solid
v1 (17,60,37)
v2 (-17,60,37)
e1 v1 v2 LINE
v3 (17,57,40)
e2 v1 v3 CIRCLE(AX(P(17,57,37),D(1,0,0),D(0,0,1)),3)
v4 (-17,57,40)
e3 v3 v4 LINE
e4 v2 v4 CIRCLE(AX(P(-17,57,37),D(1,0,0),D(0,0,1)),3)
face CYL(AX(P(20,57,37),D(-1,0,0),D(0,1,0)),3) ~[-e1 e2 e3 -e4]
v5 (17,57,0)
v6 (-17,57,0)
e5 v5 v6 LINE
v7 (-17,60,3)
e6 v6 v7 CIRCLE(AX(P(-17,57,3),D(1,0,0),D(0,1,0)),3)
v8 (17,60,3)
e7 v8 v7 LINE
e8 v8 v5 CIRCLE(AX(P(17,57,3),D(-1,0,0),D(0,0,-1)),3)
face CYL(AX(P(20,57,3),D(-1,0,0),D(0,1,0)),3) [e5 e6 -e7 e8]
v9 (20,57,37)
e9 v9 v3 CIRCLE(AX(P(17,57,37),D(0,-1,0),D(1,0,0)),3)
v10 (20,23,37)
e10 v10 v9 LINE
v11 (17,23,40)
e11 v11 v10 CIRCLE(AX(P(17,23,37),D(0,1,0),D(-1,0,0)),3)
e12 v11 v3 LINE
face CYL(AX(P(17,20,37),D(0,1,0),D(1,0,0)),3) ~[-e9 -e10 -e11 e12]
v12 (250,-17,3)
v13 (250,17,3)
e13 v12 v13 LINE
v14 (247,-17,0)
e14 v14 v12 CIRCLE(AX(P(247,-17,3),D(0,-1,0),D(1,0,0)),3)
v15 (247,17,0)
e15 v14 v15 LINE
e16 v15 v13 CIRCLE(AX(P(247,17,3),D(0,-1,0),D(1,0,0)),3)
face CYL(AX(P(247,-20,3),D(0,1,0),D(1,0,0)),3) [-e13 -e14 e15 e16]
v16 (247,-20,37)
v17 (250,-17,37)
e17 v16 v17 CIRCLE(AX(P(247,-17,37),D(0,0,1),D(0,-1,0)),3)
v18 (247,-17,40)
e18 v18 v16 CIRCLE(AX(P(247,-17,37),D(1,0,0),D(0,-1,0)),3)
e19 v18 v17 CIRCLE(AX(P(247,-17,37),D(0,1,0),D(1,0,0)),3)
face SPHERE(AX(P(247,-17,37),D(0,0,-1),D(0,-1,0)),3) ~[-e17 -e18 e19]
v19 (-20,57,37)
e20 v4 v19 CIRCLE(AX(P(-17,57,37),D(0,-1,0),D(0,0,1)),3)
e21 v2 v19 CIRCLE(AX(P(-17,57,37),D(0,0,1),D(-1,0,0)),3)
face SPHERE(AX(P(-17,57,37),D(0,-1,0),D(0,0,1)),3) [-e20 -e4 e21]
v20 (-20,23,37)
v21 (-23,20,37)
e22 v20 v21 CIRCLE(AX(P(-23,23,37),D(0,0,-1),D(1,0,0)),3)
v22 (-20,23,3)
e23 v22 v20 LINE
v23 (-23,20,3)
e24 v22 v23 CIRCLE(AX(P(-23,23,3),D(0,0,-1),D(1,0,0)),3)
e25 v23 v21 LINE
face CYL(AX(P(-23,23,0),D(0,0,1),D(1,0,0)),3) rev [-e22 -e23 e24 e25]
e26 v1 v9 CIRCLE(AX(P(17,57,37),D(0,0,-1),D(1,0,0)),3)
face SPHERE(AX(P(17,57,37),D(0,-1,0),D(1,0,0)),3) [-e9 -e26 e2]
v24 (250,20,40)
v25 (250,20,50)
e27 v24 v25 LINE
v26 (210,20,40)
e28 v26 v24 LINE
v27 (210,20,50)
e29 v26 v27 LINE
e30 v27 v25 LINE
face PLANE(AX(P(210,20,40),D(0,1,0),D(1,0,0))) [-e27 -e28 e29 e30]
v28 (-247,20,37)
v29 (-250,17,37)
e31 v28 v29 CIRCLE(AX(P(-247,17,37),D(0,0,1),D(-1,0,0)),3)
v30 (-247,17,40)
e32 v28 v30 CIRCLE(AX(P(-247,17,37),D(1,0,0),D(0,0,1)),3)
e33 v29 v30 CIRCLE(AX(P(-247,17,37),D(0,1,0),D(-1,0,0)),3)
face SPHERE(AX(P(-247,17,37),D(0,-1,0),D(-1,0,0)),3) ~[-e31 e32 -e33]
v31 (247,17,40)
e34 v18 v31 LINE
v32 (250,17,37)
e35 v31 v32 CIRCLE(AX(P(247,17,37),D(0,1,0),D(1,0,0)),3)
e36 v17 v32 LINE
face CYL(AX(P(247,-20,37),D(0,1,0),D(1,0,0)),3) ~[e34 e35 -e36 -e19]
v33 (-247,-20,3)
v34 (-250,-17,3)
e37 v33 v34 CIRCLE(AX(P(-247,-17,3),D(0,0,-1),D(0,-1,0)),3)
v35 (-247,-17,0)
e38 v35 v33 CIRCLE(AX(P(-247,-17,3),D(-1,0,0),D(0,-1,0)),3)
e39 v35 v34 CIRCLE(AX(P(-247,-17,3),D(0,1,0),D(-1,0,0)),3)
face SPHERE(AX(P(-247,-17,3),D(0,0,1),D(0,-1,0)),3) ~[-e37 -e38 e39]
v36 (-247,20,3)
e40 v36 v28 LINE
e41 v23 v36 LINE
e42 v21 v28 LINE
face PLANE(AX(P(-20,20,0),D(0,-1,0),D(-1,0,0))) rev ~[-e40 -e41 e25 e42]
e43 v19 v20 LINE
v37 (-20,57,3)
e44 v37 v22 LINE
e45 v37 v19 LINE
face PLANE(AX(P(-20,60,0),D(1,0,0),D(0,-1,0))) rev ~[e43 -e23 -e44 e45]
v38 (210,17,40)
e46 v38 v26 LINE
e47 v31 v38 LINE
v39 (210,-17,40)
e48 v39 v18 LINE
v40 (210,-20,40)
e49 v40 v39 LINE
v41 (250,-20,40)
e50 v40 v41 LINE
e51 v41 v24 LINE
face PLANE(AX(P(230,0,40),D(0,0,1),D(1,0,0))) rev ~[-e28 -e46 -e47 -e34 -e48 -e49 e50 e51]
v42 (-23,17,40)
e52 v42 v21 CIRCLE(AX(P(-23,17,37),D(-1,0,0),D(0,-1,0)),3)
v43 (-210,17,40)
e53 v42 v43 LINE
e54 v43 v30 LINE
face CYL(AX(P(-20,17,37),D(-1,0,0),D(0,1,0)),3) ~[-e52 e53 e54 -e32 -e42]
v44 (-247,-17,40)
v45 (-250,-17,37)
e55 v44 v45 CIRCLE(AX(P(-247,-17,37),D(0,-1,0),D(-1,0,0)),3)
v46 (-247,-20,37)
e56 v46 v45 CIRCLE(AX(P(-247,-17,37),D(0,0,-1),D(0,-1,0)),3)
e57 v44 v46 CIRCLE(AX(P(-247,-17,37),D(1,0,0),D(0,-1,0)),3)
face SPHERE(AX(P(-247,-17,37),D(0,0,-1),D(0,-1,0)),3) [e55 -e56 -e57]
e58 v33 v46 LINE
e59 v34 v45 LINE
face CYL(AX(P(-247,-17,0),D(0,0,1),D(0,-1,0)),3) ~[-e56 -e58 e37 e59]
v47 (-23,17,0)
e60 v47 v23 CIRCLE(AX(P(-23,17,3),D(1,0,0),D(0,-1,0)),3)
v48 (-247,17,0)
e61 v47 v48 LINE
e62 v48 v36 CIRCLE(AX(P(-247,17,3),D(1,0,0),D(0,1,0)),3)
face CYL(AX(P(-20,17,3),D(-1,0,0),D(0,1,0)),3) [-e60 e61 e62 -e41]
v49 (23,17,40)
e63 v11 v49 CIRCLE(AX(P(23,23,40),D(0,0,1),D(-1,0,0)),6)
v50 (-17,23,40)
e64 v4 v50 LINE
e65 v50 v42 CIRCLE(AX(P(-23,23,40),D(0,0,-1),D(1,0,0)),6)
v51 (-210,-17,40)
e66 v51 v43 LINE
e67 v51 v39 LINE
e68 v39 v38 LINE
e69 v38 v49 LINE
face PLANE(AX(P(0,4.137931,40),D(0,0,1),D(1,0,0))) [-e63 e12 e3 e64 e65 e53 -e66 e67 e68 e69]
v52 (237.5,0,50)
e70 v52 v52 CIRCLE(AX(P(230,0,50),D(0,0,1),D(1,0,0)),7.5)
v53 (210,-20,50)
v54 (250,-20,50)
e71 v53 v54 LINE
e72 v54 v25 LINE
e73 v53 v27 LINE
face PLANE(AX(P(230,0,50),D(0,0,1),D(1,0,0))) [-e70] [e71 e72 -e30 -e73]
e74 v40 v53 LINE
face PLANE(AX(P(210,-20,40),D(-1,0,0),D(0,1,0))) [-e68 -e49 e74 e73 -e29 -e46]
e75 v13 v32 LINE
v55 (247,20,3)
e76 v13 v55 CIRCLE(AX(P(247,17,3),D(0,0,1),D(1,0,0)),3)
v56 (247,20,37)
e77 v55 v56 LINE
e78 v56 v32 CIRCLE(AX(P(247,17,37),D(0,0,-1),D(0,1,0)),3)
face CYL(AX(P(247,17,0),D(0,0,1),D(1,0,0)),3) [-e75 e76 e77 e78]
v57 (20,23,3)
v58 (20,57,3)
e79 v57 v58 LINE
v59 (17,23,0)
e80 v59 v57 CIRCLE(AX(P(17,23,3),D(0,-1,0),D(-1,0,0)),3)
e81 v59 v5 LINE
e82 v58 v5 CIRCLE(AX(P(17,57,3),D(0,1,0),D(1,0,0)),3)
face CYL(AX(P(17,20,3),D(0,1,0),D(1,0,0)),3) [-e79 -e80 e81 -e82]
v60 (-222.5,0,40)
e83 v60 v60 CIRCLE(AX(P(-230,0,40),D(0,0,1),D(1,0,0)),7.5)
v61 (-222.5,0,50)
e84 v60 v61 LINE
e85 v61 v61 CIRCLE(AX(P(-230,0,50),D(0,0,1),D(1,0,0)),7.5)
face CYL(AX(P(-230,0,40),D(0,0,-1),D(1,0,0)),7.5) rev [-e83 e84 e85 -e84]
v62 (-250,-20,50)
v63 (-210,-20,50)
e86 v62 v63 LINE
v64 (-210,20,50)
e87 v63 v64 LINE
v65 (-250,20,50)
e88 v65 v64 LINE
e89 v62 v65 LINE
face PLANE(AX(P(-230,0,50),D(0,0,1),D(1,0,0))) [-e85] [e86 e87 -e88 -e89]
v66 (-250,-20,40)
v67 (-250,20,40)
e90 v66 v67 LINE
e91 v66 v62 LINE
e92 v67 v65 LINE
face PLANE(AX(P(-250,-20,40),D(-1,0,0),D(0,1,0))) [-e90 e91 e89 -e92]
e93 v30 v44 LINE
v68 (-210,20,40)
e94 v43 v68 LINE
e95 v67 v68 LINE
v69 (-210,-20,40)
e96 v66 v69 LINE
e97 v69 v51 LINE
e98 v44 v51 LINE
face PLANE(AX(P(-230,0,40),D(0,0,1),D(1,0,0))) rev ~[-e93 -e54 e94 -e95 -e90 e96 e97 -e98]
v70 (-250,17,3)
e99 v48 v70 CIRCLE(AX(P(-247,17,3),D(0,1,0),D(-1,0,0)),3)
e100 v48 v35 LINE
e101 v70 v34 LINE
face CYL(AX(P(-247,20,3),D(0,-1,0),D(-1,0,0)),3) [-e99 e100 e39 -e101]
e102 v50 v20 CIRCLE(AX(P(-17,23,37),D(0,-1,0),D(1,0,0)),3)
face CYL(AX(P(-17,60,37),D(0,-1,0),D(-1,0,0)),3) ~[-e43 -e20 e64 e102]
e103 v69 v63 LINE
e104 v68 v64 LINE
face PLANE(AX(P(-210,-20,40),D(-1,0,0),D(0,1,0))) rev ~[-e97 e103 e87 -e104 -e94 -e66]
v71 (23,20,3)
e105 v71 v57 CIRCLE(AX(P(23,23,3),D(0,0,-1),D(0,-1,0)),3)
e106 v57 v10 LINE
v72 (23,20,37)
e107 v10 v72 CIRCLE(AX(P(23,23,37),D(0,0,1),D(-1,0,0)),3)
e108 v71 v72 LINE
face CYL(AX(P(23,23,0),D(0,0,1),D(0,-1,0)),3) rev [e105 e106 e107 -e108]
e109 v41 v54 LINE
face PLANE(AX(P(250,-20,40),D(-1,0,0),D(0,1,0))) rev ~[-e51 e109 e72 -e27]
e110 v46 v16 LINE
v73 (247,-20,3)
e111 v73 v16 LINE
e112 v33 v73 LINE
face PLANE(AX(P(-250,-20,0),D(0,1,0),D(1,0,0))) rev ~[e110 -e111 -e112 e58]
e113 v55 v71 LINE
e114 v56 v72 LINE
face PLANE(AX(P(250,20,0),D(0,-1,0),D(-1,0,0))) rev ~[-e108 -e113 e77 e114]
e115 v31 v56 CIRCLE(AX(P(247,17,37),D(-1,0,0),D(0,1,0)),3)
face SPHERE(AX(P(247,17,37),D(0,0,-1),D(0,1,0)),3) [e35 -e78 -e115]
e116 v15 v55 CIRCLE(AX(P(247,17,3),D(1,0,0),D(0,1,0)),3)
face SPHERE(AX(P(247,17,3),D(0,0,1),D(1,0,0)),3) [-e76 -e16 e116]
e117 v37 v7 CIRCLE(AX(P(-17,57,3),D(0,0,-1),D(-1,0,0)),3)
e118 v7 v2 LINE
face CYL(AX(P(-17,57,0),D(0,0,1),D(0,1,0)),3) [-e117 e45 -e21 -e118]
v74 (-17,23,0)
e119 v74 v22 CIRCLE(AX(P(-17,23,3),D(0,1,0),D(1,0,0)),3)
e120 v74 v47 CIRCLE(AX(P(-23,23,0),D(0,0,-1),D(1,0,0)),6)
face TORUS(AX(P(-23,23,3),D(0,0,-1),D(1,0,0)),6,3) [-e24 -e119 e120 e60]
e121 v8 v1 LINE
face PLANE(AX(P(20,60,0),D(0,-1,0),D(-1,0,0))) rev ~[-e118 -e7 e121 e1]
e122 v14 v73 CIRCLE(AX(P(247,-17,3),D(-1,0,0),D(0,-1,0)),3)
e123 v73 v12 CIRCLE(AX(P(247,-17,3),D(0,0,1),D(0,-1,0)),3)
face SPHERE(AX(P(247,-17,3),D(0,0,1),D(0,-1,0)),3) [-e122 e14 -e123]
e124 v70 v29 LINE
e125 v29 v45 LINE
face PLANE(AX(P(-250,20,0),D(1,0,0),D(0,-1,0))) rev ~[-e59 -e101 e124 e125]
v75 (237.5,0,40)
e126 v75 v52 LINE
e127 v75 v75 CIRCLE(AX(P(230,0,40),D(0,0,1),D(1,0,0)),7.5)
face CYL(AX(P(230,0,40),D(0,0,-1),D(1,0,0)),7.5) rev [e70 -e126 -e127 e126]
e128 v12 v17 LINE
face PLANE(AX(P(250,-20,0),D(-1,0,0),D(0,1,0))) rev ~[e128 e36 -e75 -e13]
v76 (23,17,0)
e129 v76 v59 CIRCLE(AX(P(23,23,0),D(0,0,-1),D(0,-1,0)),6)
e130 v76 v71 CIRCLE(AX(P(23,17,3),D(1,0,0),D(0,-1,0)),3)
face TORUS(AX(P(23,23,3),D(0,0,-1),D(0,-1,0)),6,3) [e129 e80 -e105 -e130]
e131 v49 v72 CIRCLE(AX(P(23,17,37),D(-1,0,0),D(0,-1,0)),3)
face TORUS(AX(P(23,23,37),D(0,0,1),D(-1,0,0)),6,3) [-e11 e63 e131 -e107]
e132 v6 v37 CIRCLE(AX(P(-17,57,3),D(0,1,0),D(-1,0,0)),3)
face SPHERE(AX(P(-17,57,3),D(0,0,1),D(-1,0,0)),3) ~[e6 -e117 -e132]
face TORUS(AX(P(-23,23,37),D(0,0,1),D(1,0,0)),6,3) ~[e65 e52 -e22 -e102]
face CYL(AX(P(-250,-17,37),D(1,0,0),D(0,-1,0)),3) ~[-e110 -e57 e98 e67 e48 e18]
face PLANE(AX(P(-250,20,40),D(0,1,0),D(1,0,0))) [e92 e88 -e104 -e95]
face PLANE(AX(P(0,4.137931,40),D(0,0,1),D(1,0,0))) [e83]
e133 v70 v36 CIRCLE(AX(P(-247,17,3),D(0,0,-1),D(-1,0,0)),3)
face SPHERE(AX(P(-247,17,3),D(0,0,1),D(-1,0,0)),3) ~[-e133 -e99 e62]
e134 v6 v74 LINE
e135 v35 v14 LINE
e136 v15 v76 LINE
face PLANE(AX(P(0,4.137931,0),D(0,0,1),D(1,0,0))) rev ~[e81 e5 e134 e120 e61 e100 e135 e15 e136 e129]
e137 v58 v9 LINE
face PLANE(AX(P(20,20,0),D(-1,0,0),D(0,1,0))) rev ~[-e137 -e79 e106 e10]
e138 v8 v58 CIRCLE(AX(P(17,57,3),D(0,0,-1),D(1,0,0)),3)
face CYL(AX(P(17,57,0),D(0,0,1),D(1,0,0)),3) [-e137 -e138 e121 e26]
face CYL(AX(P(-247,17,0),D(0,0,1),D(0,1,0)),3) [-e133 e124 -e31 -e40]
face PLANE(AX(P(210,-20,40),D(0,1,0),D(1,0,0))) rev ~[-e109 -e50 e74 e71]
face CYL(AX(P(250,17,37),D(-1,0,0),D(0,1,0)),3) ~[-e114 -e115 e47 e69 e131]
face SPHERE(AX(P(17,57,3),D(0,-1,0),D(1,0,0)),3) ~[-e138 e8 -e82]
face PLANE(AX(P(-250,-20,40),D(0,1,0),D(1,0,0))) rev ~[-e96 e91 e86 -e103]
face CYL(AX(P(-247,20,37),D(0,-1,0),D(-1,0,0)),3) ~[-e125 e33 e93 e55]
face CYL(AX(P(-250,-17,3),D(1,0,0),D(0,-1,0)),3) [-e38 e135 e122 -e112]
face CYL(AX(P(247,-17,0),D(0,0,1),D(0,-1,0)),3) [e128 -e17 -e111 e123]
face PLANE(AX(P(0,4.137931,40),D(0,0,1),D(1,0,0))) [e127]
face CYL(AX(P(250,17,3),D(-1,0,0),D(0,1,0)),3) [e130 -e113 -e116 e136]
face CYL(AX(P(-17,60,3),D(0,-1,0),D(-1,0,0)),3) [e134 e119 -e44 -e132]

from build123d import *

# Parameters (mm, degrees)
F1_DEPTH = 40
F2_R     = 3
F3_W     = 40
F3_H     = 40
F3_R     = 7.5
F4_DEPTH = 10


with BuildPart() as f1:
    # F0 (on Top) → F1 (new body)
    with BuildSketch(Plane.XY):
        Polygon((-250, -20), (250, -20), (250, 20), (20, 20), (20, 60), (-20, 60), (-20, 20), (-250, 20), align=None)
    extrude(amount=F1_DEPTH)

    # F2
    f2_edges = [f1.edges().sort_by_distance(p)[0] for p in [
        (250, 20, 20),
        (-250, -20, 20),
        (250, -20, 20),
        (0, -20, 0),
        (0, -20, 40),
        (135, 20, 40),
        (250, 0, 0),
        (250, 0, 40),
        (-250, 0, 40),
        (20, 20, 20),
        (-250, 20, 20),
        (135, 20, 0),
        (-250, 0, 0),
        (20, 40, 0),
        (-20, 40, 40),
        (-135, 20, 40),
        (20, 40, 40),
        (20, 60, 20),
        (0, 60, 40),
        (-135, 20, 0),
        (-20, 20, 20),
        (-20, 60, 20),
        (-20, 40, 0),
        (0, 60, 0),
    ]]
    fillet(f2_edges, radius=F2_R)

    # F3 (on face) → F4 (join)
    with BuildSketch(Plane.XY.offset(40)):
        with Locations((-230, 0)):
            Rectangle(F3_W, F3_H)
        with Locations((-230, 0)):
            Circle(F3_R, mode=Mode.SUBTRACT)
        with Locations((230, 0)):
            Rectangle(F3_W, F3_H)
        with Locations((230, 0)):
            Circle(F3_R, mode=Mode.SUBTRACT)
    extrude(amount=F4_DEPTH)


solid = f1.part
